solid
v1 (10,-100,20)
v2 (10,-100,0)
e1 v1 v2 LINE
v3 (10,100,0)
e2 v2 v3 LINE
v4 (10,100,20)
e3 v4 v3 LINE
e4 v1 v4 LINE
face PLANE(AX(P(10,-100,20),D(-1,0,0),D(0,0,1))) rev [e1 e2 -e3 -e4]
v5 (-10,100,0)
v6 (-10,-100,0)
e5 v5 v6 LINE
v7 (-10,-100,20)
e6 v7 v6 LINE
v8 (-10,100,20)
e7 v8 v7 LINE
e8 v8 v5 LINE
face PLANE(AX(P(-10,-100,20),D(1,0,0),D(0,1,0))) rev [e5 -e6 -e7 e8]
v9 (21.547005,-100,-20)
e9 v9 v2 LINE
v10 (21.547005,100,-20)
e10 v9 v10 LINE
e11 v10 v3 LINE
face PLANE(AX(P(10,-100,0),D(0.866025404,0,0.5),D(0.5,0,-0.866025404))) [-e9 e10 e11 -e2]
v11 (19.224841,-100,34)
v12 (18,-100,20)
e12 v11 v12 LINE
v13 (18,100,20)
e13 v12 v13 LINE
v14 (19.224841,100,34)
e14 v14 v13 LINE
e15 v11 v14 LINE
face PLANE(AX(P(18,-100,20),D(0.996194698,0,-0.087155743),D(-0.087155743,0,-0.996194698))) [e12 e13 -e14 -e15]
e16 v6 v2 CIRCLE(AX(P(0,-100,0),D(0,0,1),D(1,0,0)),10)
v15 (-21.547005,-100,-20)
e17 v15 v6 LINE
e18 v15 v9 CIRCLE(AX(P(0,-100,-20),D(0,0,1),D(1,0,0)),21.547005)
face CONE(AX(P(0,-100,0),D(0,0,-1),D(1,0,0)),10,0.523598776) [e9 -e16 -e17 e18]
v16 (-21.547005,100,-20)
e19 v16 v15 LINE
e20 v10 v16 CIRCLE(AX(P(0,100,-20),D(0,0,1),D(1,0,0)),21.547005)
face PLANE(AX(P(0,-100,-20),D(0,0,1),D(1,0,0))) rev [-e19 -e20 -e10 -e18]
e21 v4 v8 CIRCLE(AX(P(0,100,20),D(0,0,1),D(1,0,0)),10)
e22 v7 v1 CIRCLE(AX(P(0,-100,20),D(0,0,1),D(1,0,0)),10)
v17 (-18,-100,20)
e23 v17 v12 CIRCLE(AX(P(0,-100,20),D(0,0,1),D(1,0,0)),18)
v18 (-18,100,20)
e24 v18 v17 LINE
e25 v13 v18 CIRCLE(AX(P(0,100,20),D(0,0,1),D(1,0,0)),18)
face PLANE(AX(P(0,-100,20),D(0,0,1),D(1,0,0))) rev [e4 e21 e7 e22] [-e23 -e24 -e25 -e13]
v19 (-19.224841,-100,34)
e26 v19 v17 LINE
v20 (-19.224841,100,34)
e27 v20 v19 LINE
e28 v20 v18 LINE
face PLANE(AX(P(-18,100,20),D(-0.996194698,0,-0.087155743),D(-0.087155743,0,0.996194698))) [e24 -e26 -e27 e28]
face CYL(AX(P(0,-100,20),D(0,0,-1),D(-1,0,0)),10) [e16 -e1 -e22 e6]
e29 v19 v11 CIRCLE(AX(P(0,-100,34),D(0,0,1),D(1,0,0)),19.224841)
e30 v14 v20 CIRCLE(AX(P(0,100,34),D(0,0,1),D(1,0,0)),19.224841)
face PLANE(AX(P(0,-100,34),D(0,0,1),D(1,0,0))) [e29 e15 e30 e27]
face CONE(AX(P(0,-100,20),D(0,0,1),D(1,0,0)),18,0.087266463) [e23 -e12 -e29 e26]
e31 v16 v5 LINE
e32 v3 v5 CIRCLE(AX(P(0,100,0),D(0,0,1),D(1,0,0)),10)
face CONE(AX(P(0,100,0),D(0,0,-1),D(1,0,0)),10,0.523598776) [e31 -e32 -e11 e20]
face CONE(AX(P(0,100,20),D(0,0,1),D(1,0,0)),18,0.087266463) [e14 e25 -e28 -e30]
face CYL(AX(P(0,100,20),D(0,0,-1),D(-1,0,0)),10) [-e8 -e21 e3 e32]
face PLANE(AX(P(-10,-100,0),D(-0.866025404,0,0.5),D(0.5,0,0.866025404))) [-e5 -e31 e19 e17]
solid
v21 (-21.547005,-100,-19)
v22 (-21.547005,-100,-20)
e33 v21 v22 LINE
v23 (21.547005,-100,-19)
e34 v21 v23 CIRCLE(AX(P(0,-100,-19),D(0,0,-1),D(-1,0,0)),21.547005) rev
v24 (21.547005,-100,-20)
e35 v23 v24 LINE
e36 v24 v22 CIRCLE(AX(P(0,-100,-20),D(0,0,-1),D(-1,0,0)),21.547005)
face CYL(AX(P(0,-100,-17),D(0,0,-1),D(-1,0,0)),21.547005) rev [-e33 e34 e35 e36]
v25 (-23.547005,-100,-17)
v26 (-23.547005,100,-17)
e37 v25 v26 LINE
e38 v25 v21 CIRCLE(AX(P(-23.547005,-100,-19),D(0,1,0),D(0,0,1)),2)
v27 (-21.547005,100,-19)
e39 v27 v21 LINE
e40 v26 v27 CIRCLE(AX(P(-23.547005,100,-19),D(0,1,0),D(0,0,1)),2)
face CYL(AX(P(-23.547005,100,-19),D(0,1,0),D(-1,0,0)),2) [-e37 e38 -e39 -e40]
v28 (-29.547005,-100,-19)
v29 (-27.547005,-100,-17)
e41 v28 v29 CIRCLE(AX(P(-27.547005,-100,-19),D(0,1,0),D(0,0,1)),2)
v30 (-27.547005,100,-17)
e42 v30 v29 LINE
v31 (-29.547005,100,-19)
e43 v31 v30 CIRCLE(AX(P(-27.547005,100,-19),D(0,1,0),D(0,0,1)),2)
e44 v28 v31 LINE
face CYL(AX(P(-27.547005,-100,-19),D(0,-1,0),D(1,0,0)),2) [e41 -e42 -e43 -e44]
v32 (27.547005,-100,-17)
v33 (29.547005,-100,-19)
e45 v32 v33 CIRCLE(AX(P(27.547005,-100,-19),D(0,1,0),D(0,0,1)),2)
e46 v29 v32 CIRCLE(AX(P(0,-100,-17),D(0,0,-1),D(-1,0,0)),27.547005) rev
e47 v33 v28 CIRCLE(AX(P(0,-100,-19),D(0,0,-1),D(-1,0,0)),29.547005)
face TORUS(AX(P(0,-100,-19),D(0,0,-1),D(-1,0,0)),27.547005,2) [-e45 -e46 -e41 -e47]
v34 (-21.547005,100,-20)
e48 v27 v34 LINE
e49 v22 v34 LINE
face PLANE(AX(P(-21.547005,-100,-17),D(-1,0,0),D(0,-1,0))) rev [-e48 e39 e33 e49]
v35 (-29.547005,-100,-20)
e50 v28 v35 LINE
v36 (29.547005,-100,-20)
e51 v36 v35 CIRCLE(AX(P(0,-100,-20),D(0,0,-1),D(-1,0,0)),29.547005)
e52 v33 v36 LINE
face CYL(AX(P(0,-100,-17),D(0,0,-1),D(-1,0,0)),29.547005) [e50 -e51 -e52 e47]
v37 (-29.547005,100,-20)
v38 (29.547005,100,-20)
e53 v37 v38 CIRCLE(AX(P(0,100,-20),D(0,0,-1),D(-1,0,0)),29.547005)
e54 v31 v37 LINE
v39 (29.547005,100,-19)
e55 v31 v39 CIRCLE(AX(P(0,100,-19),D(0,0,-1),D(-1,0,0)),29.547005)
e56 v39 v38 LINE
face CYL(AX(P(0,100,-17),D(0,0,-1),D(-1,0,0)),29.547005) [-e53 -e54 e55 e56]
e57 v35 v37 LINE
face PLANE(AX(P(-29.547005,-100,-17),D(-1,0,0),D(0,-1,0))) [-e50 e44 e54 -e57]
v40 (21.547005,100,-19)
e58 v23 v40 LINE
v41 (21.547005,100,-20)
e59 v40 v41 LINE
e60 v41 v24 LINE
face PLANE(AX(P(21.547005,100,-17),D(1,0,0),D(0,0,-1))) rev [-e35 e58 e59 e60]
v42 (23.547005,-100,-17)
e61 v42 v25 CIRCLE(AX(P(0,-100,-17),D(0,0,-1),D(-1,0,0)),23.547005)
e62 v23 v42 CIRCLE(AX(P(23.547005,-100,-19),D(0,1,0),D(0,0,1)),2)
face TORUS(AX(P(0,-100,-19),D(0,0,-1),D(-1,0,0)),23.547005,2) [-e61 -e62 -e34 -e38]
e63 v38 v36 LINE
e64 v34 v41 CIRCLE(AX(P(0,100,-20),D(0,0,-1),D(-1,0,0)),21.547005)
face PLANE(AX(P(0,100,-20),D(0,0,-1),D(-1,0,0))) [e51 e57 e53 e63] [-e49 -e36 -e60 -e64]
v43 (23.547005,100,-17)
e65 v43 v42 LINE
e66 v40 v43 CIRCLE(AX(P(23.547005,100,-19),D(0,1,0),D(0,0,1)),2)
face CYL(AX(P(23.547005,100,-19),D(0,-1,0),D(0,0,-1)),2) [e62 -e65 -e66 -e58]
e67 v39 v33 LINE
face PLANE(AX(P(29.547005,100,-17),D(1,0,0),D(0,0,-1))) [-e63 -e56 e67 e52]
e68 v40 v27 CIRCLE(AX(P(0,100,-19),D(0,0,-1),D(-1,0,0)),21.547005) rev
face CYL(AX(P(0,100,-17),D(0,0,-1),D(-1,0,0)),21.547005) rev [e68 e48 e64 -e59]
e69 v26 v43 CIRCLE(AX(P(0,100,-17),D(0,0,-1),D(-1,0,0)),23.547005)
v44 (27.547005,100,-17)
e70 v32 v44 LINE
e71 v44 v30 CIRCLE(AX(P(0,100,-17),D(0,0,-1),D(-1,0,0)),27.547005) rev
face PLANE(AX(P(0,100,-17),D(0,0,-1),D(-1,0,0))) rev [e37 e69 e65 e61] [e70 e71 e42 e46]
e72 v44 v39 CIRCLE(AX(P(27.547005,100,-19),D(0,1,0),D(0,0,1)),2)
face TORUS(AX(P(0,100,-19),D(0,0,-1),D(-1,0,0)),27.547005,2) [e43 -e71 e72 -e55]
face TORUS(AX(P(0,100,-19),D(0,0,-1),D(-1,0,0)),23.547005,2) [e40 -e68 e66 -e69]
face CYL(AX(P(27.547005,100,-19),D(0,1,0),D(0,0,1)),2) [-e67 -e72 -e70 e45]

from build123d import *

# Parameters (mm, degrees)
BOSS_EXTRUDE1_DEPTH           = 20
BOSS_EXTRUDE1_OTHER_WAY_DEPTH = 20
BOSS_EXTRUDE1_OTHER_WAY_TAPER = -30
BOSS_EXTRUDE2_DEPTH           = 3
FILLET1_R                     = 2
BOSS_EXTRUDE4_DEPTH           = 14
BOSS_EXTRUDE4_TAPER           = -5


with BuildPart() as part:
    # Sketch1 → Boss-Extrude1 (new body)
    with BuildSketch(Plane.XY):
        with BuildLine():
            ThreePointArc((-10, -100), (0, -110), (10, -100))
            Line((10, -100), (10, 100))
            ThreePointArc((10, 100), (0, 110), (-10, 100))
            Line((-10, 100), (-10, -100))
        make_face()
    extrude(amount=BOSS_EXTRUDE1_DEPTH)

    # Sketch1 → Boss-Extrude1 other way (add)
    with BuildSketch(Plane.XY):
        with BuildLine():
            ThreePointArc((-10, -100), (0, -110), (10, -100))
            Line((10, -100), (10, 100))
            ThreePointArc((10, 100), (0, 110), (-10, 100))
            Line((-10, 100), (-10, -100))
        make_face()
    extrude(amount=-BOSS_EXTRUDE1_OTHER_WAY_DEPTH, taper=BOSS_EXTRUDE1_OTHER_WAY_TAPER)

    # Sketch3 → Boss-Extrude4 (add)
    with BuildSketch(Plane.XY.offset(20)):
        with BuildLine():
            Line((18, -100), (18, 100))
            ThreePointArc((18, 100), (0, 118), (-18, 100))
            Line((-18, 100), (-18, -100))
            ThreePointArc((-18, -100), (0, -118), (18, -100))
        make_face()
    extrude(amount=BOSS_EXTRUDE4_DEPTH, taper=BOSS_EXTRUDE4_TAPER)


with BuildPart() as body_2:
    # Sketch2 → Boss-Extrude2 (new body)
    with BuildSketch(Plane(origin=(0, 0, -20), x_dir=(-1, 0, 0), z_dir=(0, 0, -1))):
        with BuildLine():
            Line((-29.547005384, 100), (-29.547005384, -100))
            ThreePointArc((-29.547005384, -100), (0, -129.547005384), (29.547005384, -100))
            Line((29.547005384, -100), (29.547005384, 100))
            ThreePointArc((29.547005384, 100), (0, 129.547005384), (-29.547005384, 100))
        make_face()
        with BuildLine():
            Line((21.547005384, -100), (21.547005384, 100))
            ThreePointArc((21.547005384, 100), (0, 121.547005384), (-21.547005384, 100))
            Line((-21.547005384, 100), (-21.547005384, -100))
            ThreePointArc((-21.547005384, -100), (0, -121.547005384), (21.547005384, -100))
        make_face(mode=Mode.SUBTRACT)
    extrude(amount=-BOSS_EXTRUDE2_DEPTH)

    # Fillet1
    fillet1_edges = [body_2.edges().sort_by_distance(p)[0] for p in [
        (0, -129.547005384, -17),
        (-29.547005384, 0, -17),
        (0, -121.547005384, -17),
        (21.547005384, 0, -17),
        (0, 121.547005384, -17),
        (-21.547005384, 0, -17),
        (0, 129.547005384, -17),
        (29.547005384, 0, -17),
    ]]
    fillet(fillet1_edges, radius=FILLET1_R)


solid = Compound([part.part, body_2.part])
